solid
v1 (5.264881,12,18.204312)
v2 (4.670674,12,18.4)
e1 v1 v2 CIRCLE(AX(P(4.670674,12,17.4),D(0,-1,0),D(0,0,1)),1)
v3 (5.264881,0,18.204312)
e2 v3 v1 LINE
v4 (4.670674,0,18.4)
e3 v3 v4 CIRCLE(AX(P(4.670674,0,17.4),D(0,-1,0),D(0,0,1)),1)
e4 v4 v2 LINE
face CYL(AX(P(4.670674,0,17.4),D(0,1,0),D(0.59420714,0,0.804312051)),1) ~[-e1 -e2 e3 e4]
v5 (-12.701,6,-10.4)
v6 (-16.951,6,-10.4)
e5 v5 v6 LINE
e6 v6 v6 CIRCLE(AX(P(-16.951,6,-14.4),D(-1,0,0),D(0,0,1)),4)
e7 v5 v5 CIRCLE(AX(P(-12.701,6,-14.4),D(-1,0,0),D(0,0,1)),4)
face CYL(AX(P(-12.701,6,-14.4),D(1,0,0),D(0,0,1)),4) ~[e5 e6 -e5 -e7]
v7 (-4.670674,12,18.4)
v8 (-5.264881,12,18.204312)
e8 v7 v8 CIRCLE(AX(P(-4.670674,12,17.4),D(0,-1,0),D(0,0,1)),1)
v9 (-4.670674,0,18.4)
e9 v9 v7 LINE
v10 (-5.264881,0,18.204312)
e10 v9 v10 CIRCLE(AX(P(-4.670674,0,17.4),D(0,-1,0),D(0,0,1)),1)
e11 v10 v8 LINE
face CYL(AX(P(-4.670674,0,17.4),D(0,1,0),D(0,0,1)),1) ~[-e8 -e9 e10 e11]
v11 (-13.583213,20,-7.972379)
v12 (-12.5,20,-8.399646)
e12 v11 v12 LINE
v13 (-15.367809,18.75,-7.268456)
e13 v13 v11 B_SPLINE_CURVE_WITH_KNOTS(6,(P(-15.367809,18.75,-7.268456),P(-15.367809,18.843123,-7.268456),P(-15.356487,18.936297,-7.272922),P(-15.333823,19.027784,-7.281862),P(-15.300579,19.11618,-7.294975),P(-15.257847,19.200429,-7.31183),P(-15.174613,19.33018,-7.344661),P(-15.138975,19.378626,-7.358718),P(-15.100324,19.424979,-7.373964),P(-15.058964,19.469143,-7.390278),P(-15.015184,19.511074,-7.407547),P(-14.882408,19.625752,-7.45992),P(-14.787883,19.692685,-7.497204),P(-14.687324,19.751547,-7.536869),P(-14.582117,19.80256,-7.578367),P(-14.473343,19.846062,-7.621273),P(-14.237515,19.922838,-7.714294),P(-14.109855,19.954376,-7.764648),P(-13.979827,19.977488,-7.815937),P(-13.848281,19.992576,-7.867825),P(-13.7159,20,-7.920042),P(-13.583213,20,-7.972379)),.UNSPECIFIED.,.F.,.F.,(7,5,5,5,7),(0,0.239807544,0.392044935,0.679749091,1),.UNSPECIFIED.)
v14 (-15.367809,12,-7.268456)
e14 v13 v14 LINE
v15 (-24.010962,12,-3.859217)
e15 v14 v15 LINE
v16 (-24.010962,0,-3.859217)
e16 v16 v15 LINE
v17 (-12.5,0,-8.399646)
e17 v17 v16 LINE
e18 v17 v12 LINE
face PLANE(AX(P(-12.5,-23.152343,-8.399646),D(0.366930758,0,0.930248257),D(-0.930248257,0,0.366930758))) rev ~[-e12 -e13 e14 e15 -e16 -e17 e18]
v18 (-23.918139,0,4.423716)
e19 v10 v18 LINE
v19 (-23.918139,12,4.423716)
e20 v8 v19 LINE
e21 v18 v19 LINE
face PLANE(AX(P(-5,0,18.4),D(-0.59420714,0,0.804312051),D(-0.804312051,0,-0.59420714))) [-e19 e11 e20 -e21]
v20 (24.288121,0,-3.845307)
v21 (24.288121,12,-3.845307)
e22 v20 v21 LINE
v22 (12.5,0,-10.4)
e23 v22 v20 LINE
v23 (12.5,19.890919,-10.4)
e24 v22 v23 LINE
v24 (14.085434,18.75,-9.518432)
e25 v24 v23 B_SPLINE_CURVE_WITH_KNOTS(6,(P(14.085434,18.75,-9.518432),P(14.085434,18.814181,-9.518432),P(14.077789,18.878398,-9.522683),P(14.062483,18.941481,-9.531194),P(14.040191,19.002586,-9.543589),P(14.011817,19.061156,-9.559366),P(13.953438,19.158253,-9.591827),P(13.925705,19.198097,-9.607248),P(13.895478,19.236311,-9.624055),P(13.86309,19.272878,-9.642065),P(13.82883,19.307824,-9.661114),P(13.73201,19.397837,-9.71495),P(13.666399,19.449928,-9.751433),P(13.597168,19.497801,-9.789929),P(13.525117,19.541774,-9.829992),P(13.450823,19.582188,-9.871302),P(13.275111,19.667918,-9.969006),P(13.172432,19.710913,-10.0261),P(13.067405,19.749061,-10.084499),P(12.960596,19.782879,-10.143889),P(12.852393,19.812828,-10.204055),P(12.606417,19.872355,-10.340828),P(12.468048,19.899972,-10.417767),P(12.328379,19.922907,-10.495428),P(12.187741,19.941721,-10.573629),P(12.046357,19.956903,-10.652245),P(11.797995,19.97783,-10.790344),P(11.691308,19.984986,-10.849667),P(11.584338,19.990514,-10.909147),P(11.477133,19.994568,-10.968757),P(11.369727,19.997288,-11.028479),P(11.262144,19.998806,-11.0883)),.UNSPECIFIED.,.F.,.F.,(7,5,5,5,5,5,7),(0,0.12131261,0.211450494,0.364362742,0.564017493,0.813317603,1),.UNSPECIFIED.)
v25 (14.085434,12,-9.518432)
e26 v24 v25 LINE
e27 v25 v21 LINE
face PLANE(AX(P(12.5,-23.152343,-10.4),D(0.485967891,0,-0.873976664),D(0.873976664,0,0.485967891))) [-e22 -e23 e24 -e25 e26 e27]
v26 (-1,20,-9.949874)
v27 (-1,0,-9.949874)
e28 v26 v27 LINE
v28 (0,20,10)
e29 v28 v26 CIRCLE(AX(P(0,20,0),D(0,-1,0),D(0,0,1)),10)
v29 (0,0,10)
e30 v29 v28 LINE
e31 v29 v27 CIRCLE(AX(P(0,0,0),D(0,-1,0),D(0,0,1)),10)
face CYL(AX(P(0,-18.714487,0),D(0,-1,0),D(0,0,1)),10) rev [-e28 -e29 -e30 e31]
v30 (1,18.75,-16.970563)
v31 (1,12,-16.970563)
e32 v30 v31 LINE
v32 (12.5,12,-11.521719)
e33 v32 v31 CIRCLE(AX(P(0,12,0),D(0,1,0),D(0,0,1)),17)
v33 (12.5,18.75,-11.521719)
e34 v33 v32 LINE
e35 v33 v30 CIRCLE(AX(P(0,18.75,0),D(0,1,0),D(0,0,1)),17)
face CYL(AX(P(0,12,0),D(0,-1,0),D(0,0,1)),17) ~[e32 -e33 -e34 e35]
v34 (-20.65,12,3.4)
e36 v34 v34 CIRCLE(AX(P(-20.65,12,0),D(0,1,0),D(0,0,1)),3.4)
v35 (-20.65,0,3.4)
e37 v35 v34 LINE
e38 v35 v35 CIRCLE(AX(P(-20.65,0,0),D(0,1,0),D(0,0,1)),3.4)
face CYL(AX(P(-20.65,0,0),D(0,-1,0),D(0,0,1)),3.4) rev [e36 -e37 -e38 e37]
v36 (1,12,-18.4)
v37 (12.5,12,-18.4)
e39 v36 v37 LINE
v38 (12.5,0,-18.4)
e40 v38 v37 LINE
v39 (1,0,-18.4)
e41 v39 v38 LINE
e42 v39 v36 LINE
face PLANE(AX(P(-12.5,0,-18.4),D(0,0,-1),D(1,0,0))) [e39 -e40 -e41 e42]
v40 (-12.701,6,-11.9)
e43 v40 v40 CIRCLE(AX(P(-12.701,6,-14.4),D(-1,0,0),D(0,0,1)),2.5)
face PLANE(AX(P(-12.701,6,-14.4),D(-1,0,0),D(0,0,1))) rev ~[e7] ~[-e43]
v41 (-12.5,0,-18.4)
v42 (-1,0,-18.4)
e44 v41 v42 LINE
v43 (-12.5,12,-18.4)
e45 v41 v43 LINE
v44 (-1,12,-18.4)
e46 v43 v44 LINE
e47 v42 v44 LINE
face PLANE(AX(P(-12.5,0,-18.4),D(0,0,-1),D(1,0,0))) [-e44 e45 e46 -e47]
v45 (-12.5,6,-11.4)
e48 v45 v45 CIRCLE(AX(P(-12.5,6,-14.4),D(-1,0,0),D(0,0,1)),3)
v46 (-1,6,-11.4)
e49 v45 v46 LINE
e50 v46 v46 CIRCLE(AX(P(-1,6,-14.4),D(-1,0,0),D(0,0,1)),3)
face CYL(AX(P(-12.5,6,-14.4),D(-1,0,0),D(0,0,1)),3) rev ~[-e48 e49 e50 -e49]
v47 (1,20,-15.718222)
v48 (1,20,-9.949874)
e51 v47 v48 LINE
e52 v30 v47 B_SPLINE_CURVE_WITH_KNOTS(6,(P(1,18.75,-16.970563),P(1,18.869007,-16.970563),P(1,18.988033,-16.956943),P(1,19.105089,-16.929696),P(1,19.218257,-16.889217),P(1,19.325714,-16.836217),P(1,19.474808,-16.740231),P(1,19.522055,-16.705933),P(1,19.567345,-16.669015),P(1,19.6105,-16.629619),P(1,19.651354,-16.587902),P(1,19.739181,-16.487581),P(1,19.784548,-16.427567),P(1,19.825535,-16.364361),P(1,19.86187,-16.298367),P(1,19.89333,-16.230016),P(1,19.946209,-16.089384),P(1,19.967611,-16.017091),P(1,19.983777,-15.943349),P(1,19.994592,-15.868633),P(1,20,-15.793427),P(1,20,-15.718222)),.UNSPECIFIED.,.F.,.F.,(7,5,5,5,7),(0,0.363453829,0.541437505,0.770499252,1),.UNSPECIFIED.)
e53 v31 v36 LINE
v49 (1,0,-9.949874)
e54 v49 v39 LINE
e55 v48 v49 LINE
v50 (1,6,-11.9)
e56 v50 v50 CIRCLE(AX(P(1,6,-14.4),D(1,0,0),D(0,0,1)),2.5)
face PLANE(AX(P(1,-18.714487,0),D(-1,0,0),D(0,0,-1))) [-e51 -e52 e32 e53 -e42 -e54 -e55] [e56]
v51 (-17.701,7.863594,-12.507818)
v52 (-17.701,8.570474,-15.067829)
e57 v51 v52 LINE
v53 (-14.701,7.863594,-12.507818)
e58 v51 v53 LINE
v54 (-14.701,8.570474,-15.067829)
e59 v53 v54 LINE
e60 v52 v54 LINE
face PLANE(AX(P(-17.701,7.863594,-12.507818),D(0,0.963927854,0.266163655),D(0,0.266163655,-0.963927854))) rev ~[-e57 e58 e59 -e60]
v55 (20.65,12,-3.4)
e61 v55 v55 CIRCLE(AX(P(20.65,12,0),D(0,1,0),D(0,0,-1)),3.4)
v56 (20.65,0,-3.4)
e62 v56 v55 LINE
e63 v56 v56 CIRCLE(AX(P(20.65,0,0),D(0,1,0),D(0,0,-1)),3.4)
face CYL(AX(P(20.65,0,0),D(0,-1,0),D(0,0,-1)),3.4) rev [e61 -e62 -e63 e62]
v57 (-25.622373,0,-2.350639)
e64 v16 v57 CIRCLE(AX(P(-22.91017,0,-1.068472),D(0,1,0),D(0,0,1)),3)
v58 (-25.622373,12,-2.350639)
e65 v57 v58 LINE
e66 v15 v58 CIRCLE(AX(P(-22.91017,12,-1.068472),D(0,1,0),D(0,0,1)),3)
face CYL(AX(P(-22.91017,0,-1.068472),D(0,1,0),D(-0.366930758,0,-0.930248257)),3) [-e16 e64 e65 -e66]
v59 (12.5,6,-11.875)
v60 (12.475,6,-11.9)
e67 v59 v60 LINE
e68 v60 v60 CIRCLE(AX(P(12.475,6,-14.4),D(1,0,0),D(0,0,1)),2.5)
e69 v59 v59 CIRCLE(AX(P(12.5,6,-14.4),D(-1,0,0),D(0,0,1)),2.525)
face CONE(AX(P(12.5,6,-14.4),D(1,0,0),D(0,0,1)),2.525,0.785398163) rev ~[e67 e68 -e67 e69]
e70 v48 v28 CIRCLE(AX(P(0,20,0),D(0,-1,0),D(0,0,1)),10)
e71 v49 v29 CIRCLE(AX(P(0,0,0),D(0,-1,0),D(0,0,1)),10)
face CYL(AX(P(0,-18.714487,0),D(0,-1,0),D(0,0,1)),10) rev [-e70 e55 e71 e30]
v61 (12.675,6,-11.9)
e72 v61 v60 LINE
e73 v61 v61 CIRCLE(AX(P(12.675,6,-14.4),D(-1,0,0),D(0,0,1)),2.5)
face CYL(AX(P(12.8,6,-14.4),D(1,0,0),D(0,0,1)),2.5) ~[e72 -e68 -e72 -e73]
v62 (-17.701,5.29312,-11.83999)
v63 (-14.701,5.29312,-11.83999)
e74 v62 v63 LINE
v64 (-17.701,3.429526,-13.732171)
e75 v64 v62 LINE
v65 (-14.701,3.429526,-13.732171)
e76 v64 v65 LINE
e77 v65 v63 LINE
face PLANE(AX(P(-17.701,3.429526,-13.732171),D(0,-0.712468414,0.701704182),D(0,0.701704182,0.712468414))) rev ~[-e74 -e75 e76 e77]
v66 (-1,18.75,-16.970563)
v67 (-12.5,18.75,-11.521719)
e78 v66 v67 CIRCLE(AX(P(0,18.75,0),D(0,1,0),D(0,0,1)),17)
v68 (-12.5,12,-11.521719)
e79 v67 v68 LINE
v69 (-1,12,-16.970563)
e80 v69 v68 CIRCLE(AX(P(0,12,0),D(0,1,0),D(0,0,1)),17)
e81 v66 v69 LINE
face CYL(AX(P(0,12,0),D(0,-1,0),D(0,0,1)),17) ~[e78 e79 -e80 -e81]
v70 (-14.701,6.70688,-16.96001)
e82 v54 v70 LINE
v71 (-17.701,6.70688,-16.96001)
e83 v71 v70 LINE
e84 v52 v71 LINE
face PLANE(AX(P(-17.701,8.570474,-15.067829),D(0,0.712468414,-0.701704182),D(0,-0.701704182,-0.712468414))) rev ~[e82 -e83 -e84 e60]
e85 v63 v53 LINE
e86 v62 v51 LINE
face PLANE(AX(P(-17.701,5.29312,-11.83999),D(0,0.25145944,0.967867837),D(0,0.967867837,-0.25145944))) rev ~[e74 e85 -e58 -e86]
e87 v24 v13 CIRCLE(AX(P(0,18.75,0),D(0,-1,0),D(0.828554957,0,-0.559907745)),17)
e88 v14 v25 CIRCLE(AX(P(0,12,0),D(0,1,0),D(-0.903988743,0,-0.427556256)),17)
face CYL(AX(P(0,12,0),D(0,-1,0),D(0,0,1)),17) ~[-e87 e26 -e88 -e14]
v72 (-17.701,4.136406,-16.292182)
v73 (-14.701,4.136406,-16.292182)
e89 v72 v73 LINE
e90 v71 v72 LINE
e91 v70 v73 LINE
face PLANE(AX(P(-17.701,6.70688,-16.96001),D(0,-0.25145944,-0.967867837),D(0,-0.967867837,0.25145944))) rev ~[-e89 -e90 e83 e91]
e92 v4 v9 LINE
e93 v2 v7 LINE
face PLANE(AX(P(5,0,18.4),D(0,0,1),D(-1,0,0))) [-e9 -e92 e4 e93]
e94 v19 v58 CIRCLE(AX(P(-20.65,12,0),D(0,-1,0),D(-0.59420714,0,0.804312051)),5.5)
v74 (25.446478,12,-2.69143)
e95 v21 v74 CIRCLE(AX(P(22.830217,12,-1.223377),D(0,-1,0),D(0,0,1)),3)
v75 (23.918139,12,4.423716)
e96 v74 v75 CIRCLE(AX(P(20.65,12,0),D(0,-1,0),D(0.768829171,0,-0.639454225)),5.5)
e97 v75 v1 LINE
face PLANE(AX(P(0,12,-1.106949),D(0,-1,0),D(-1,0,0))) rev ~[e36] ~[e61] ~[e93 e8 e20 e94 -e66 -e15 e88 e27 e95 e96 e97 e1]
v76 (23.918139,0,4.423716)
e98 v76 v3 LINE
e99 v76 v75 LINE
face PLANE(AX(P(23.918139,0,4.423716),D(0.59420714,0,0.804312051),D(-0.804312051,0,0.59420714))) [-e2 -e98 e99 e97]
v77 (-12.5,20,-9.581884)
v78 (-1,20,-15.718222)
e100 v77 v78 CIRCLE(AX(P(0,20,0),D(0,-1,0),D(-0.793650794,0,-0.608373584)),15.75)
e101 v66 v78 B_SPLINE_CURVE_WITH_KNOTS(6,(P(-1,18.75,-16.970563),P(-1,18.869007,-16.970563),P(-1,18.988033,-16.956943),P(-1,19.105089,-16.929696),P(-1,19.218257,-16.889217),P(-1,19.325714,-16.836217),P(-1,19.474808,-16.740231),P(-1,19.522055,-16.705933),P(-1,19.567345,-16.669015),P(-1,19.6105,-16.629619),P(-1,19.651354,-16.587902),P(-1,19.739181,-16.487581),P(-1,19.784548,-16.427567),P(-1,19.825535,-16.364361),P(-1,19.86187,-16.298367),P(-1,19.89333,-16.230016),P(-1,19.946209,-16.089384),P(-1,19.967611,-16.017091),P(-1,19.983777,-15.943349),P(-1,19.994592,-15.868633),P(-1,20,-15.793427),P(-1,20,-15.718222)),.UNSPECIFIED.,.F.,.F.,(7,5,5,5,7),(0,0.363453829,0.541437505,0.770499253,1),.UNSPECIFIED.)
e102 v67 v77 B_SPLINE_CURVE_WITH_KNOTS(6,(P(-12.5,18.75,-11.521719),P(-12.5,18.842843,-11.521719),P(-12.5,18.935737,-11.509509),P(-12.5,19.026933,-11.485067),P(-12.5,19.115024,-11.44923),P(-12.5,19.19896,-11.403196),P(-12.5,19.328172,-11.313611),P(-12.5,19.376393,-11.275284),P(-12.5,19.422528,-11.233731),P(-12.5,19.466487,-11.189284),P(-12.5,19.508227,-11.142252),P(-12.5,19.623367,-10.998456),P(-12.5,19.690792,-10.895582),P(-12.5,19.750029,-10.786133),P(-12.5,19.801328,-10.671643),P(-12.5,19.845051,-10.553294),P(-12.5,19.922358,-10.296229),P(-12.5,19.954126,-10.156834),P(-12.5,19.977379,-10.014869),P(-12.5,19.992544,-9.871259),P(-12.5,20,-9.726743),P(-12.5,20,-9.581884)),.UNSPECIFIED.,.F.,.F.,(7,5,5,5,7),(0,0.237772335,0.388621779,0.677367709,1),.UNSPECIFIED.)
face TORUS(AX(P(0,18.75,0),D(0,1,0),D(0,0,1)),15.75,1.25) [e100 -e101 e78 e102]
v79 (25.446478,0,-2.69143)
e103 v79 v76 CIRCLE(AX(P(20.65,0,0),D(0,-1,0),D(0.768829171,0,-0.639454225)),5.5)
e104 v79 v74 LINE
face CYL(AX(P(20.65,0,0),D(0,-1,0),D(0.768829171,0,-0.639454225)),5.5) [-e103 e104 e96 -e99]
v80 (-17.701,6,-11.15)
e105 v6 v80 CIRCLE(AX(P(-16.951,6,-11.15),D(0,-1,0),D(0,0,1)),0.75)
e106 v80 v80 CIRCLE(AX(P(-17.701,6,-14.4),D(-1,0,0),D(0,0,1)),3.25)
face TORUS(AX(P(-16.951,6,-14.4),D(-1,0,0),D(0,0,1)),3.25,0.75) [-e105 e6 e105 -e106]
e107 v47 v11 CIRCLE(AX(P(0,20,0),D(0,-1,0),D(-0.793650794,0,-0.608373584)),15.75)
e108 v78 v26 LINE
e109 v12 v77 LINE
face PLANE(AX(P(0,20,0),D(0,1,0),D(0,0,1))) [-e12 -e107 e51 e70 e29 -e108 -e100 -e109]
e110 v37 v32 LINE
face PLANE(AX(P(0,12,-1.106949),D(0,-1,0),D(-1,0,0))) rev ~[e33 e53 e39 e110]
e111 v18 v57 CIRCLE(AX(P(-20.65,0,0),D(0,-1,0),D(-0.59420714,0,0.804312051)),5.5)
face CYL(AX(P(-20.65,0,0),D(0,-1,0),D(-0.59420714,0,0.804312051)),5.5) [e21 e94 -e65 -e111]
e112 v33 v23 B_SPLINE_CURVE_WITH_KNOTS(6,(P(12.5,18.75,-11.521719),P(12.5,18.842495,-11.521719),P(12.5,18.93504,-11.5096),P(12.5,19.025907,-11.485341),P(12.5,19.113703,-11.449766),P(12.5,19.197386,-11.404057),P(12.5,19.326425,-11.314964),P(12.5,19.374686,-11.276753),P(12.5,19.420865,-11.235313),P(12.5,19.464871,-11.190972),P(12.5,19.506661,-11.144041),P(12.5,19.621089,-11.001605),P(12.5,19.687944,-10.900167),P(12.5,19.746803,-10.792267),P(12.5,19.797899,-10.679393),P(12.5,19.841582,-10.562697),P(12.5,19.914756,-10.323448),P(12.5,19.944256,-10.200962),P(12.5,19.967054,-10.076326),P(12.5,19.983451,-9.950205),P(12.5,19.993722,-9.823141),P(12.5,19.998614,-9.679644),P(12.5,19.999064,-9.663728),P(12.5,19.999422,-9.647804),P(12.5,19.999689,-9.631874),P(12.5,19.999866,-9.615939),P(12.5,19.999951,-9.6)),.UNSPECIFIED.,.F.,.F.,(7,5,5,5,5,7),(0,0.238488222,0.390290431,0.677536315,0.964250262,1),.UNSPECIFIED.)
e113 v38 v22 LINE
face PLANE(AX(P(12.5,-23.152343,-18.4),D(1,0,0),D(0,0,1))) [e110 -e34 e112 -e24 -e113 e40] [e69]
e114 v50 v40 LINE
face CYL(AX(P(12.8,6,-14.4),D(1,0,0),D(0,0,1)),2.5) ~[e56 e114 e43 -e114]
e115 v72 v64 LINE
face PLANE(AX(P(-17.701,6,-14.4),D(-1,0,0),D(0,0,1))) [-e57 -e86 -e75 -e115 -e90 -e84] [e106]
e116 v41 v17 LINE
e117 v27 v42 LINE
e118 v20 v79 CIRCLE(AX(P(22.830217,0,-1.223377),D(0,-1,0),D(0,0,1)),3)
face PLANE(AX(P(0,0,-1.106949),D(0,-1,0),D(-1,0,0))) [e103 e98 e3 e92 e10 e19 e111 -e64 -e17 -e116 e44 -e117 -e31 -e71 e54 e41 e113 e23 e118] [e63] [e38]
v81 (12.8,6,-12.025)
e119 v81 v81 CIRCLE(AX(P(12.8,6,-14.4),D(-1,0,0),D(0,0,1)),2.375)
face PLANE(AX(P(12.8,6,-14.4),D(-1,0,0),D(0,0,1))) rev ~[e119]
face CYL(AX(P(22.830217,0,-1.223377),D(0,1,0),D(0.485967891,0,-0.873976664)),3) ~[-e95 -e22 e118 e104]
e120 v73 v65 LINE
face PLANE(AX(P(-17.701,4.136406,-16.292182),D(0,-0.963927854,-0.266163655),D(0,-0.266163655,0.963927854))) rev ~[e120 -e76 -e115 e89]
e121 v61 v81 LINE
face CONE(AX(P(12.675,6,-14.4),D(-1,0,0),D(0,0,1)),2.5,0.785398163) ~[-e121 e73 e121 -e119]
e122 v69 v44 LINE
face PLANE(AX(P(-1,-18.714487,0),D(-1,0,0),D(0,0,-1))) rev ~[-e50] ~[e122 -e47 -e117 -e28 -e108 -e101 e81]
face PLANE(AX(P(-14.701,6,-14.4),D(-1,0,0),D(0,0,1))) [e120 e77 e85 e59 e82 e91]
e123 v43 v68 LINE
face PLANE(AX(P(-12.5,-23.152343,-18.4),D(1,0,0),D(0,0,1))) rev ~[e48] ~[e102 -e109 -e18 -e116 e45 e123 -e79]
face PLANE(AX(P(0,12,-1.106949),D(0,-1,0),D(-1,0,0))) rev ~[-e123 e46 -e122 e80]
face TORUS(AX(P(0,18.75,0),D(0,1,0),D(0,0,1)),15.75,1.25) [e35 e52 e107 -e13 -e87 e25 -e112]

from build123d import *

# Parameters (mm, degrees)
SKETCH1_R                   = 3.4
BOSS_EXTRUDE1_DEPTH         = 12
SKETCH3_R                   = 17
BOSS_EXTRUDE2_DEPTH         = 8
FILLET1_R                   = 1.25
CUT_EXTRUDE1_DEPTH          = 35.152342526
CUT_EXTRUDE1_DEPTH_BACK     = 35.152342526
CUT_EXTRUDE2_DEPTH          = 38.714486708
CUT_EXTRUDE2_DEPTH_BACK     = 38.714486708
SKETCH4_R                   = 10
CUT_EXTRUDE3_DEPTH          = 38.714486708
CUT_EXTRUDE3_DEPTH_BACK     = 38.714486708
SKETCH5_W                   = 2
SKETCH5_H                   = 20
SKETCH7_R                   = 3
CUT_EXTRUDE4_DEPTH          = 12.5
FILLET2_R                   = 3
FILLET3_R                   = 1
M5_TAPPED_HOLE2_D           = 4.2
M5_TAPPED_HOLE2_CSINK_D     = 5.05
M5_TAPPED_HOLE2_CSINK_ANGLE = 90
BOSS_EXTRUDE4_DEPTH         = 0.001
BOSS_EXTRUDE4_DEPTH_BACK    = 25.5
SKETCH26_R                  = 2.5
SKETCH28_R                  = 4
BOSS_EXTRUDE5_DEPTH         = 5
CHAMFER1_SIZE               = 0.125
CUT_EXTRUDE5_DEPTH          = 3
FILLET4_R                   = 0.75


with BuildPart() as part:
    # Sketch1 → Boss-Extrude1 (new body)
    with BuildSketch(Plane(origin=(0, 0, 0), x_dir=(1, 0, 0), z_dir=(0, 1, 0))):
        with BuildLine():
            Line((5, -18.4), (-5, -18.4))
            Line((-5, -18.4), (-23.918139268, -4.42371628))
            ThreePointArc((-23.918139268, -4.42371628), (-26.110207266, -0.660406396), (-24.87856044, 3.516998238))
            Line((-24.87856044, 3.516998238), (-12.5, 18.4))
            Line((-12.5, 18.4), (12.5, 18.4))
            Line((12.5, 18.4), (24.87856044, 3.516998238))
            ThreePointArc((24.87856044, 3.516998238), (26.110207266, -0.660406396), (23.918139268, -4.42371628))
            Line((23.918139268, -4.42371628), (5, -18.4))
        make_face()
        with Locations(Location((-20.65, 0, 0), (0, 0, 270))):
            Circle(SKETCH1_R, mode=Mode.SUBTRACT)
        with Locations(Location((20.65, 0, 0), (0, 0, 90))):
            Circle(SKETCH1_R, mode=Mode.SUBTRACT)
    extrude(amount=BOSS_EXTRUDE1_DEPTH)

    # Sketch3 → Boss-Extrude2 (add)
    with BuildSketch(Plane(origin=(0, 12, 0), x_dir=(1, 0, 0), z_dir=(0, 1, 0))):
        with Locations(Location((0, 0, 0), (0, 0, 270))):
            Circle(SKETCH3_R)
    extrude(amount=BOSS_EXTRUDE2_DEPTH)

    # Fillet1
    fillet1_edges = [part.edges().sort_by_distance(p)[0] for p in [
        (0, 20, -17),
    ]]
    fillet(fillet1_edges, radius=FILLET1_R)

    # Sketch2 → Cut-Extrude1 (cut, two sides: drawn at the far end of the back side and taken through both)
    with BuildSketch(Plane(origin=(0, 12, 0), x_dir=(1, 0, 0), z_dir=(0, 1, 0)).offset(-CUT_EXTRUDE1_DEPTH_BACK)):
        Polygon((12.5, 18.4), (12.5, 10.4), (24.87856044, 3.516998238), align=None)
        Polygon((-12.5, 18.4), (-12.5, 8.399645995), (-24.87856044, 3.516998238), align=None)
    extrude(amount=CUT_EXTRUDE1_DEPTH + CUT_EXTRUDE1_DEPTH_BACK, mode=Mode.SUBTRACT)

    # Sketch4 → Cut-Extrude2 (cut, two sides: drawn at the far end of the back side and taken through both)
    with BuildSketch(Plane(origin=(0, 20, 0), x_dir=(1, 0, 0), z_dir=(0, 1, 0)).offset(-CUT_EXTRUDE2_DEPTH_BACK)):
        with Locations(Location((0, 0, 0), (0, 0, 270))):
            Circle(SKETCH4_R)
    extrude(amount=CUT_EXTRUDE2_DEPTH + CUT_EXTRUDE2_DEPTH_BACK, mode=Mode.SUBTRACT)

    # Sketch5 → Cut-Extrude3 (cut, two sides: drawn at the far end of the back side and taken through both)
    with BuildSketch(Plane(origin=(0, 20, 0), x_dir=(1, 0, 0), z_dir=(0, 1, 0)).offset(-CUT_EXTRUDE3_DEPTH_BACK)):
        with Locations((0, 10)):
            Rectangle(SKETCH5_W, SKETCH5_H)
    extrude(amount=CUT_EXTRUDE3_DEPTH + CUT_EXTRUDE3_DEPTH_BACK, mode=Mode.SUBTRACT)

    # Sketch7 → Cut-Extrude4 (cut)
    with BuildSketch(Plane.ZY.offset(12.5)):
        with Locations((-14.4, 6)):
            Circle(SKETCH7_R)
    extrude(amount=-CUT_EXTRUDE4_DEPTH, mode=Mode.SUBTRACT)

    # Fillet2
    fillet2_edges = [part.edges().sort_by_distance(p)[0] for p in [
        (24.87856044, 6, -3.516998238),
        (-24.87856044, 6, -3.516998238),
    ]]
    fillet(fillet2_edges, radius=FILLET2_R)

    # Fillet3
    fillet3_edges = [part.edges().sort_by_distance(p)[0] for p in [
        (5, 6, 18.4),
        (-5, 6, 18.4),
    ]]
    fillet(fillet3_edges, radius=FILLET3_R)

    # M5 Tapped Hole2 (through all)
    with Locations(Plane(origin=(12.5, 0, 0), x_dir=(0, 0, -1), z_dir=(1, 0, 0))):
        with Locations((14.4, 6)):
            CounterSinkHole(M5_TAPPED_HOLE2_D / 2, M5_TAPPED_HOLE2_CSINK_D / 2, counter_sink_angle=M5_TAPPED_HOLE2_CSINK_ANGLE)



with BuildPart() as body_2:
    # Sketch26 → Boss-Extrude4 (new, two sides: drawn at the far end of the back side and taken through both)
    with BuildSketch(Plane.ZY.offset(12.7).offset(-BOSS_EXTRUDE4_DEPTH_BACK)):
        with Locations((-14.4, 6)):
            Circle(SKETCH26_R)
    extrude(amount=BOSS_EXTRUDE4_DEPTH + BOSS_EXTRUDE4_DEPTH_BACK)


with BuildPart() as part_1:
    add(part.part)

    add(body_2.part)  # Boss-Extrude5 merges body 2
    # Sketch28 → Boss-Extrude5 (add)
    with BuildSketch(Plane.ZY.offset(12.701)):
        with Locations((-14.4, 6)):
            Circle(SKETCH28_R)
    extrude(amount=BOSS_EXTRUDE5_DEPTH)

    # Chamfer1
    chamfer1_edges = [part_1.edges().sort_by_distance(p)[0] for p in [
        (12.8, 6, -16.9),
    ]]
    chamfer(chamfer1_edges, length=CHAMFER1_SIZE)

    # Sketch29 → Cut-Extrude5 (cut)
    with BuildSketch(Plane.ZY.offset(17.701)):
        Polygon((-15.067828808, 8.570474279), (-16.960010429, 6.706880427), (-16.292181621, 4.136406148), (-13.732171192, 3.429525721), (-11.839989571, 5.293119573), (-12.507818379, 7.863593852), align=None)
    extrude(amount=-CUT_EXTRUDE5_DEPTH, mode=Mode.SUBTRACT)

    # Fillet4
    fillet4_edges = [part_1.edges().sort_by_distance(p)[0] for p in [
        (-17.701, 6, -18.4),
    ]]
    fillet(fillet4_edges, radius=FILLET4_R)


solid = part_1.part
